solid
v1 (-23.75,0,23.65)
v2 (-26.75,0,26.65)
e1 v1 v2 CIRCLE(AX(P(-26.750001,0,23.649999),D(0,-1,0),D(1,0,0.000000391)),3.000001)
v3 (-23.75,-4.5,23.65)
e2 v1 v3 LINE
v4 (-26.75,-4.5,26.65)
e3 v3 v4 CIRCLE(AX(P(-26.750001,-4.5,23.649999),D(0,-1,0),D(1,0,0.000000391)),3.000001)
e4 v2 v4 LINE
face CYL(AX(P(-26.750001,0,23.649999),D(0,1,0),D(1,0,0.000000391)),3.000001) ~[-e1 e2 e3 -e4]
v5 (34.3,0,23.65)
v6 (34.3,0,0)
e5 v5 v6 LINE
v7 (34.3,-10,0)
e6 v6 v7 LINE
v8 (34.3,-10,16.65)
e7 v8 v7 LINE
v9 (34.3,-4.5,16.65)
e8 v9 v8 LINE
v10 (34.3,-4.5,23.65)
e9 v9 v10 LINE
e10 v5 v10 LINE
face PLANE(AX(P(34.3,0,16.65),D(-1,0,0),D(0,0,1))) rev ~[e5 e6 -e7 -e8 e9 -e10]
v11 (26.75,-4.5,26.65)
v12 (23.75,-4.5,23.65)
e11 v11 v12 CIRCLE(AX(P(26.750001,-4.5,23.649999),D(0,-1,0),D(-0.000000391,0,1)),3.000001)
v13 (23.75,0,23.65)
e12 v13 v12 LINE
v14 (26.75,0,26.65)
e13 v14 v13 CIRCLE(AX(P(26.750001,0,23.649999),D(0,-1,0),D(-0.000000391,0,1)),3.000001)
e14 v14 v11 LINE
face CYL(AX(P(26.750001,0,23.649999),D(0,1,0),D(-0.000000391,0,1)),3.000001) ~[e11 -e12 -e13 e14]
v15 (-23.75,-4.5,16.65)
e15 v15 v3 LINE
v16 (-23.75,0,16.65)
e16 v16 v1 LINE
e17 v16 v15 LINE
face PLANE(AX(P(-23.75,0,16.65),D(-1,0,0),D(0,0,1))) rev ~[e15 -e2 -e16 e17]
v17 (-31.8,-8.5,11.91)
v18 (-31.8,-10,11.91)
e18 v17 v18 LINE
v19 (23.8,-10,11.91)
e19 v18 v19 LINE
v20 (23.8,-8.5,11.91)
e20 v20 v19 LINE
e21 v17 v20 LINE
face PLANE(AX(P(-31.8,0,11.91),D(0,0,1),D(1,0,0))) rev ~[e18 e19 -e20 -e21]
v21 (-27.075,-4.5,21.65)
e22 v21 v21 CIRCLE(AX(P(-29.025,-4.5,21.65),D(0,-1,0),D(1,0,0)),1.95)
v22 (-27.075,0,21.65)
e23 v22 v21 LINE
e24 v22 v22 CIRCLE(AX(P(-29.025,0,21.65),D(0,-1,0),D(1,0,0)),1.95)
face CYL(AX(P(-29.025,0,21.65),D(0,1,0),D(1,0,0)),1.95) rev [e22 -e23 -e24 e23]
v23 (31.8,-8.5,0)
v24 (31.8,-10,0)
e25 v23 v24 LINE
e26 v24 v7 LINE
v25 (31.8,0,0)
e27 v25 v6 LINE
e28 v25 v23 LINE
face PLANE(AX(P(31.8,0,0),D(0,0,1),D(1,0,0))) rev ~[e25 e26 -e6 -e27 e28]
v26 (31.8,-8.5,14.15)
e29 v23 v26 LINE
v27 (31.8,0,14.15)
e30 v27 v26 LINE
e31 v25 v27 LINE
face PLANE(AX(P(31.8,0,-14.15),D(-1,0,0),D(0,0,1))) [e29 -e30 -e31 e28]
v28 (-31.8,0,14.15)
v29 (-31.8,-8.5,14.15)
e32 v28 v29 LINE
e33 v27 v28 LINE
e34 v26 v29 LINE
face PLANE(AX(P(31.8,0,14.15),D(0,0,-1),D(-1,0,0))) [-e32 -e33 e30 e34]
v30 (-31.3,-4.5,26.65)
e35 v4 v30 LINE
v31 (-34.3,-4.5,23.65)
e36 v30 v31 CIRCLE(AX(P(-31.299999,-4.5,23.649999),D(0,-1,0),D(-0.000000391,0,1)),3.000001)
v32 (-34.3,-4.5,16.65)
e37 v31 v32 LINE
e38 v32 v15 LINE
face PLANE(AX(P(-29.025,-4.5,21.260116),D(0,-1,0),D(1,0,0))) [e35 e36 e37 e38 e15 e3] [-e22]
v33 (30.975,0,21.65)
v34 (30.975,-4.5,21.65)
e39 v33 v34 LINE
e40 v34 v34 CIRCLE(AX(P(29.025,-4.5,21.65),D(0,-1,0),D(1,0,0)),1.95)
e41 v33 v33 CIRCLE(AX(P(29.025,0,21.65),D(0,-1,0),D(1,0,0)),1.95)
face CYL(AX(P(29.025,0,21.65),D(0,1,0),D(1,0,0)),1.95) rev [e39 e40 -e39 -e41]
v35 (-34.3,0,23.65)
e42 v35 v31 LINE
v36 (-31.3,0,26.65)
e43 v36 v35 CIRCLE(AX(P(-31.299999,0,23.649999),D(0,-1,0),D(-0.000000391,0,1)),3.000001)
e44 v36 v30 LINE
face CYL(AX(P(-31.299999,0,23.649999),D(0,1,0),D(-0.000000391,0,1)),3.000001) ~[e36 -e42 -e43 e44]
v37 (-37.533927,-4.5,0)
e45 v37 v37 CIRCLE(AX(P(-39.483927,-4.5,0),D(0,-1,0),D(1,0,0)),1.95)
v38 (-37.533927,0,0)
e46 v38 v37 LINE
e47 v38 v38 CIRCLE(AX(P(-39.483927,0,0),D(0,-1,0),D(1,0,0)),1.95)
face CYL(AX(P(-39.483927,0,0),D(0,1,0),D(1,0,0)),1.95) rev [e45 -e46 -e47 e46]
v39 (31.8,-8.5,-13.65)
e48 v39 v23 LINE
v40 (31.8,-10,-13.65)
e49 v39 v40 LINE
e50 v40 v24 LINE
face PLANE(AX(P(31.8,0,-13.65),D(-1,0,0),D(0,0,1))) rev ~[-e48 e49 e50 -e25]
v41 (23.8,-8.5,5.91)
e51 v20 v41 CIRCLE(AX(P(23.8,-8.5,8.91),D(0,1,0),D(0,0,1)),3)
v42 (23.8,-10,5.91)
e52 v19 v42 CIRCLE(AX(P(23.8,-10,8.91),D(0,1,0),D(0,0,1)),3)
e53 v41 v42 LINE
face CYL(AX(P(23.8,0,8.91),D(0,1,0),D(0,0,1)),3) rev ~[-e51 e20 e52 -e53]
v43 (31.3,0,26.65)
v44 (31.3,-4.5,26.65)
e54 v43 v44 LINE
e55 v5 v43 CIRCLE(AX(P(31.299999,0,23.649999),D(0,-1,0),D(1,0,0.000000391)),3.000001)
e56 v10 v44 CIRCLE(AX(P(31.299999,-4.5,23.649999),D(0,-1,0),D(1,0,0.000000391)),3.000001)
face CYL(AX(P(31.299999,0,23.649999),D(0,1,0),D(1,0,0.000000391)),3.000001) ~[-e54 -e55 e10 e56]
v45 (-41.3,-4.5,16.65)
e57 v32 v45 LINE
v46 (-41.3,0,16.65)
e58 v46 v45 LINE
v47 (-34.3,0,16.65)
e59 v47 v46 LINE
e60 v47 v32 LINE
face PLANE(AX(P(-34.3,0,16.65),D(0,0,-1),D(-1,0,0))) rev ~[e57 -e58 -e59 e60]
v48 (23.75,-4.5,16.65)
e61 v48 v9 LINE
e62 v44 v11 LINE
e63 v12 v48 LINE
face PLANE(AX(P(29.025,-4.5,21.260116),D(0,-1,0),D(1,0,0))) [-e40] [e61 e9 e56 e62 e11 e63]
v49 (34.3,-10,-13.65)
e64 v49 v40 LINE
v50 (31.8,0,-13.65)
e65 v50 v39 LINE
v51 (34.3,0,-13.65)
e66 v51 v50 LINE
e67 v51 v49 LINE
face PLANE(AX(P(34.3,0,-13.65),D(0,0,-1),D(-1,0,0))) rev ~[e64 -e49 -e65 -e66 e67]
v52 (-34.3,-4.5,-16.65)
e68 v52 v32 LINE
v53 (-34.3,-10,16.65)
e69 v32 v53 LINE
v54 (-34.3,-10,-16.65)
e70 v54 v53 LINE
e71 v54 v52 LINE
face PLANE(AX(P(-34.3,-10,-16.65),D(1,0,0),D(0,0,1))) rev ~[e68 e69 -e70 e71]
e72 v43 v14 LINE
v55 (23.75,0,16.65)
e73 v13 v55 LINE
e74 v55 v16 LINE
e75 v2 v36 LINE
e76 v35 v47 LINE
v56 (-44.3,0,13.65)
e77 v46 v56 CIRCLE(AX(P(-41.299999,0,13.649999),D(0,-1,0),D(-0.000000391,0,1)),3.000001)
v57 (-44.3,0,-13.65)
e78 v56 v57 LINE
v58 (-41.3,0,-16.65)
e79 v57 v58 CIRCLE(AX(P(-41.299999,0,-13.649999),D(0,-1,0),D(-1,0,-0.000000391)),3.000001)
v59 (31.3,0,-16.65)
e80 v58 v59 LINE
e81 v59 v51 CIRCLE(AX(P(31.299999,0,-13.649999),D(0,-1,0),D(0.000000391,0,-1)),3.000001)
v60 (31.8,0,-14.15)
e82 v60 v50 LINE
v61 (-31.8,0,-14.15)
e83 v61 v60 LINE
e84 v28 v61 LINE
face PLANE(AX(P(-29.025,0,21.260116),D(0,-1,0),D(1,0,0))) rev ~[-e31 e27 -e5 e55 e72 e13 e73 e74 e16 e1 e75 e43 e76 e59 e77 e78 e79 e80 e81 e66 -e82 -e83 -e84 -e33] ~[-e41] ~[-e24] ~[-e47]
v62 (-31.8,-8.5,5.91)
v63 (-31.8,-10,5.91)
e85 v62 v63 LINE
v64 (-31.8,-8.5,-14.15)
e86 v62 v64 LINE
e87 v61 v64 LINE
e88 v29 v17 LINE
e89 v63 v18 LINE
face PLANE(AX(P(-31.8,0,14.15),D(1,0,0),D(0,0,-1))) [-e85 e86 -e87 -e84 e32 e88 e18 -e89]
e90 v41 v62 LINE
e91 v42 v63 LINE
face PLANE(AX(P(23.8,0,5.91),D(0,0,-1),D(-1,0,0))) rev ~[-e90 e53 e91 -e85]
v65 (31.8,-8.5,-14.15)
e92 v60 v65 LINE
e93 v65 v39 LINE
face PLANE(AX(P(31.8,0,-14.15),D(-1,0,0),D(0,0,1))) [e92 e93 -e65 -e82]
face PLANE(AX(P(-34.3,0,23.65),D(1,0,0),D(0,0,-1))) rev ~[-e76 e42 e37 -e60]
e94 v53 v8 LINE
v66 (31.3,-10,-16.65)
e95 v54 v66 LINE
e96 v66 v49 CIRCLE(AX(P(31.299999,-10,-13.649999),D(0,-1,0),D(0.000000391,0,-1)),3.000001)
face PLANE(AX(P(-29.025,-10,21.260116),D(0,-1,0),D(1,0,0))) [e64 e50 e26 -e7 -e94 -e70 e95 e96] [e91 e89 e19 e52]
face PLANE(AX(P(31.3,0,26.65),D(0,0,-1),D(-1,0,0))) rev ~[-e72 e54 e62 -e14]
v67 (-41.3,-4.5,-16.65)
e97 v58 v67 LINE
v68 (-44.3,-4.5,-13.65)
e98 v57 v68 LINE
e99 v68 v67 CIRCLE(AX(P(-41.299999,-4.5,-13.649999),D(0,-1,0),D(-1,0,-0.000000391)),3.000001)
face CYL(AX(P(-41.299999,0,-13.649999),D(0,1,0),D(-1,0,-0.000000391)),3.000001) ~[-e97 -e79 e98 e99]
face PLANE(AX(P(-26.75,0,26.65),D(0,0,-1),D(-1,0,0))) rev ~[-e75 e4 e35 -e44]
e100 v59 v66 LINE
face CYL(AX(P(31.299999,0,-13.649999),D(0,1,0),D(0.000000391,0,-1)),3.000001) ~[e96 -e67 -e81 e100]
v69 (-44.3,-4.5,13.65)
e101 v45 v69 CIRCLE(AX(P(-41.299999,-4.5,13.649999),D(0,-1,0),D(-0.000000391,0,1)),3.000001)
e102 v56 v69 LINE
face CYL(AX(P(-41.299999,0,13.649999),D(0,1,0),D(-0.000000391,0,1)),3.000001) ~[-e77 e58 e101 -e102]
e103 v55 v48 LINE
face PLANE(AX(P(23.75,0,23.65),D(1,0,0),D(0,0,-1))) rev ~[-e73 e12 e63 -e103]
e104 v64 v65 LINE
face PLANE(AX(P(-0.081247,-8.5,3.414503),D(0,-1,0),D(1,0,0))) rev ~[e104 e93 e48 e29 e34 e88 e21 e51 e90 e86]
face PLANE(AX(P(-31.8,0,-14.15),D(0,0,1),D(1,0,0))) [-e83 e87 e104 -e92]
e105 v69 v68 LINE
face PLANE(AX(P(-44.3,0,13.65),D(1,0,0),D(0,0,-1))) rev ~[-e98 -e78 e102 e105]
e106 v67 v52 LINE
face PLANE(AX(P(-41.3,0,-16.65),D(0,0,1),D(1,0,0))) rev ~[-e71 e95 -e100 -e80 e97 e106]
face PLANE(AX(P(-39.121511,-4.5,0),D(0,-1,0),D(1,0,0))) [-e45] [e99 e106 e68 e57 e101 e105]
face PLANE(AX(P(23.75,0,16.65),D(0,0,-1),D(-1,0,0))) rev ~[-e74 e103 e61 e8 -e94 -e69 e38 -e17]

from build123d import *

# Parameters (mm, degrees)
F0_R     = 1.95
F1_DEPTH = 10
F2_DEPTH = 8.5
F3_R     = 1.95
F4_DEPTH = 5.5
F6_DEPTH = 25


with BuildPart() as f1:
    # F0 (on Front) → F1 (new body)
    with BuildSketch(Plane.XZ):
        with BuildLine():
            Line((-34.3, 23.65), (-34.3, 16.65))
            Line((-34.3, 16.65), (-23.75, 16.65))
            Line((-23.75, 16.65), (-23.75, 23.65))
            ThreePointArc((-23.75, 23.65), (-24.62868, 25.77132), (-26.75, 26.65))
            Line((-26.75, 26.65), (-31.3, 26.65))
            ThreePointArc((-31.3, 26.65), (-33.42132, 25.77132), (-34.3, 23.65))
        make_face()
        with Locations((-29.025, 21.65)):
            Circle(F0_R, mode=Mode.SUBTRACT)
        with BuildLine():
            Line((23.75, 16.65), (34.3, 16.65))
            Line((34.3, 16.65), (34.3, 23.65))
            ThreePointArc((34.3, 23.65), (33.42132, 25.77132), (31.3, 26.65))
            Line((31.3, 26.65), (26.75, 26.65))
            ThreePointArc((26.75, 26.65), (24.62868, 25.77132), (23.75, 23.65))
            Line((23.75, 23.65), (23.75, 16.65))
        make_face()
        with Locations((29.025, 21.65)):
            Circle(F0_R, mode=Mode.SUBTRACT)
        with BuildLine():
            Line((34.3, 16.65), (34.3, 6.1))
            Line((34.3, 6.1), (41.3, 6.1))
            ThreePointArc((41.3, 6.1), (43.42132, 6.97868), (44.3, 9.1))
            Line((44.3, 9.1), (44.3, 13.65))
            ThreePointArc((44.3, 13.65), (43.42132, 15.77132), (41.3, 16.65))
            Line((41.3, 16.65), (34.3, 16.65))
        make_face()
        with Locations((39.3, 11.375)):
            Circle(F0_R, mode=Mode.SUBTRACT)
        with BuildLine():
            Line((-31.8, 11.91), (-31.8, 14.15))
            Line((-31.8, 14.15), (31.8, 14.15))
            Line((31.8, 14.15), (31.8, 0))
            Line((31.8, 0), (34.3, 0))
            Line((34.3, 0), (34.3, 6.1))
            Line((34.3, 6.1), (34.3, 16.65))
            Line((34.3, 16.65), (23.75, 16.65))
            Line((23.75, 16.65), (-23.75, 16.65))
            Line((-23.75, 16.65), (-34.3, 16.65))
            Line((-34.3, 16.65), (-34.3, -16.65))
            Line((-34.3, -16.65), (31.3, -16.65))
            ThreePointArc((31.3, -16.65), (33.42132, -15.77132), (34.3, -13.65))
            Line((34.3, -13.65), (31.8, -13.65))
            Line((31.8, -13.65), (31.8, -14.15))
            Line((31.8, -14.15), (-31.8, -14.15))
            Line((-31.8, -14.15), (-31.8, 5.91))
            Line((-31.8, 5.91), (-31.8, 11.91))
        make_face()
        with BuildLine():
            Line((-41.3, -16.65), (-34.3, -16.65))
            Line((-34.3, -16.65), (-34.3, 16.65))
            Line((-34.3, 16.65), (-41.3, 16.65))
            ThreePointArc((-41.3, 16.65), (-43.42132, 15.77132), (-44.3, 13.65))
            Line((-44.3, 13.65), (-44.3, -13.65))
            ThreePointArc((-44.3, -13.65), (-43.42132, -15.77132), (-41.3, -16.65))
        make_face()
        with Locations((-39.483927, 0)):
            Circle(F0_R, mode=Mode.SUBTRACT)
        with BuildLine():
            Line((31.8, 14.15), (-31.8, 14.15))
            Line((-31.8, 14.15), (-31.8, 11.91))
            Line((-31.8, 11.91), (23.8, 11.91))
            ThreePointArc((23.8, 11.91), (26.8, 8.91), (23.8, 5.91))
            Line((23.8, 5.91), (-31.8, 5.91))
            Line((-31.8, 5.91), (-31.8, -14.15))
            Line((-31.8, -14.15), (31.8, -14.15))
            Line((31.8, -14.15), (31.8, -13.65))
            Line((31.8, -13.65), (31.8, 0))
            Line((31.8, 0), (31.8, 14.15))
        make_face()
    extrude(amount=F1_DEPTH)

    # F0 (on Front) → F2 (cut)
    with BuildSketch(Plane.XZ):
        with BuildLine():
            Line((31.8, 14.15), (-31.8, 14.15))
            Line((-31.8, 14.15), (-31.8, 11.91))
            Line((-31.8, 11.91), (23.8, 11.91))
            ThreePointArc((23.8, 11.91), (26.8, 8.91), (23.8, 5.91))
            Line((23.8, 5.91), (-31.8, 5.91))
            Line((-31.8, 5.91), (-31.8, -14.15))
            Line((-31.8, -14.15), (31.8, -14.15))
            Line((31.8, -14.15), (31.8, -13.65))
            Line((31.8, -13.65), (31.8, 0))
            Line((31.8, 0), (31.8, 14.15))
        make_face()
    extrude(amount=F2_DEPTH, mode=Mode.SUBTRACT)

    # F3 (on face) → F4 (cut)
    with BuildSketch(Plane.XZ.offset(10)):
        with BuildLine():
            ThreePointArc((-31.3, 26.65), (-33.42132, 25.77132), (-34.3, 23.65))
            Line((-34.3, 23.65), (-34.3, 16.65))
            Line((-34.3, 16.65), (-23.75, 16.65))
            Line((-23.75, 16.65), (-23.75, 23.65))
            ThreePointArc((-23.75, 23.65), (-24.62868, 25.77132), (-26.75, 26.65))
            Line((-26.75, 26.65), (-31.3, 26.65))
        make_face()
        with Locations((-29.025, 21.65)):
            Circle(F3_R, mode=Mode.SUBTRACT)
        with BuildLine():
            Line((-34.3, -16.65), (-34.3, 16.65))
            Line((-34.3, 16.65), (-41.3, 16.65))
            ThreePointArc((-41.3, 16.65), (-43.42132, 15.77132), (-44.3, 13.65))
            Line((-44.3, 13.65), (-44.3, -13.65))
            ThreePointArc((-44.3, -13.65), (-43.42132, -15.77132), (-41.3, -16.65))
            Line((-41.3, -16.65), (-34.3, -16.65))
        make_face()
        with Locations((-39.483927, 0)):
            Circle(F3_R, mode=Mode.SUBTRACT)
        with BuildLine():
            Line((23.75, 23.65), (23.75, 16.65))
            Line((23.75, 16.65), (34.3, 16.65))
            Line((34.3, 16.65), (34.3, 23.65))
            ThreePointArc((34.3, 23.65), (33.42132, 25.77132), (31.3, 26.65))
            Line((31.3, 26.65), (26.75, 26.65))
            ThreePointArc((26.75, 26.65), (24.62868, 25.77132), (23.75, 23.65))
        make_face()
        with Locations((29.025, 21.65)):
            Circle(F3_R, mode=Mode.SUBTRACT)
        with BuildLine():
            Line((41.3, 16.65), (34.3, 16.65))
            Line((34.3, 16.65), (34.3, 6.1))
            Line((34.3, 6.1), (41.3, 6.1))
            ThreePointArc((41.3, 6.1), (43.42132, 6.97868), (44.3, 9.1))
            Line((44.3, 9.1), (44.3, 13.65))
            ThreePointArc((44.3, 13.65), (43.42132, 15.77132), (41.3, 16.65))
        make_face()
        with Locations((39.3, 11.375)):
            Circle(F3_R, mode=Mode.SUBTRACT)
    extrude(amount=-F4_DEPTH, mode=Mode.SUBTRACT)

    # F5 (on face) → F6 (cut)
    with BuildSketch(Plane.XZ):
        Polygon((52.0982, 24.629619), (34.3, 23.65), (34.3, 16.65), (34.3, 0), (53.583535, -2.356674), align=None)
    extrude(amount=F6_DEPTH, mode=Mode.SUBTRACT)


solid = f1.part
